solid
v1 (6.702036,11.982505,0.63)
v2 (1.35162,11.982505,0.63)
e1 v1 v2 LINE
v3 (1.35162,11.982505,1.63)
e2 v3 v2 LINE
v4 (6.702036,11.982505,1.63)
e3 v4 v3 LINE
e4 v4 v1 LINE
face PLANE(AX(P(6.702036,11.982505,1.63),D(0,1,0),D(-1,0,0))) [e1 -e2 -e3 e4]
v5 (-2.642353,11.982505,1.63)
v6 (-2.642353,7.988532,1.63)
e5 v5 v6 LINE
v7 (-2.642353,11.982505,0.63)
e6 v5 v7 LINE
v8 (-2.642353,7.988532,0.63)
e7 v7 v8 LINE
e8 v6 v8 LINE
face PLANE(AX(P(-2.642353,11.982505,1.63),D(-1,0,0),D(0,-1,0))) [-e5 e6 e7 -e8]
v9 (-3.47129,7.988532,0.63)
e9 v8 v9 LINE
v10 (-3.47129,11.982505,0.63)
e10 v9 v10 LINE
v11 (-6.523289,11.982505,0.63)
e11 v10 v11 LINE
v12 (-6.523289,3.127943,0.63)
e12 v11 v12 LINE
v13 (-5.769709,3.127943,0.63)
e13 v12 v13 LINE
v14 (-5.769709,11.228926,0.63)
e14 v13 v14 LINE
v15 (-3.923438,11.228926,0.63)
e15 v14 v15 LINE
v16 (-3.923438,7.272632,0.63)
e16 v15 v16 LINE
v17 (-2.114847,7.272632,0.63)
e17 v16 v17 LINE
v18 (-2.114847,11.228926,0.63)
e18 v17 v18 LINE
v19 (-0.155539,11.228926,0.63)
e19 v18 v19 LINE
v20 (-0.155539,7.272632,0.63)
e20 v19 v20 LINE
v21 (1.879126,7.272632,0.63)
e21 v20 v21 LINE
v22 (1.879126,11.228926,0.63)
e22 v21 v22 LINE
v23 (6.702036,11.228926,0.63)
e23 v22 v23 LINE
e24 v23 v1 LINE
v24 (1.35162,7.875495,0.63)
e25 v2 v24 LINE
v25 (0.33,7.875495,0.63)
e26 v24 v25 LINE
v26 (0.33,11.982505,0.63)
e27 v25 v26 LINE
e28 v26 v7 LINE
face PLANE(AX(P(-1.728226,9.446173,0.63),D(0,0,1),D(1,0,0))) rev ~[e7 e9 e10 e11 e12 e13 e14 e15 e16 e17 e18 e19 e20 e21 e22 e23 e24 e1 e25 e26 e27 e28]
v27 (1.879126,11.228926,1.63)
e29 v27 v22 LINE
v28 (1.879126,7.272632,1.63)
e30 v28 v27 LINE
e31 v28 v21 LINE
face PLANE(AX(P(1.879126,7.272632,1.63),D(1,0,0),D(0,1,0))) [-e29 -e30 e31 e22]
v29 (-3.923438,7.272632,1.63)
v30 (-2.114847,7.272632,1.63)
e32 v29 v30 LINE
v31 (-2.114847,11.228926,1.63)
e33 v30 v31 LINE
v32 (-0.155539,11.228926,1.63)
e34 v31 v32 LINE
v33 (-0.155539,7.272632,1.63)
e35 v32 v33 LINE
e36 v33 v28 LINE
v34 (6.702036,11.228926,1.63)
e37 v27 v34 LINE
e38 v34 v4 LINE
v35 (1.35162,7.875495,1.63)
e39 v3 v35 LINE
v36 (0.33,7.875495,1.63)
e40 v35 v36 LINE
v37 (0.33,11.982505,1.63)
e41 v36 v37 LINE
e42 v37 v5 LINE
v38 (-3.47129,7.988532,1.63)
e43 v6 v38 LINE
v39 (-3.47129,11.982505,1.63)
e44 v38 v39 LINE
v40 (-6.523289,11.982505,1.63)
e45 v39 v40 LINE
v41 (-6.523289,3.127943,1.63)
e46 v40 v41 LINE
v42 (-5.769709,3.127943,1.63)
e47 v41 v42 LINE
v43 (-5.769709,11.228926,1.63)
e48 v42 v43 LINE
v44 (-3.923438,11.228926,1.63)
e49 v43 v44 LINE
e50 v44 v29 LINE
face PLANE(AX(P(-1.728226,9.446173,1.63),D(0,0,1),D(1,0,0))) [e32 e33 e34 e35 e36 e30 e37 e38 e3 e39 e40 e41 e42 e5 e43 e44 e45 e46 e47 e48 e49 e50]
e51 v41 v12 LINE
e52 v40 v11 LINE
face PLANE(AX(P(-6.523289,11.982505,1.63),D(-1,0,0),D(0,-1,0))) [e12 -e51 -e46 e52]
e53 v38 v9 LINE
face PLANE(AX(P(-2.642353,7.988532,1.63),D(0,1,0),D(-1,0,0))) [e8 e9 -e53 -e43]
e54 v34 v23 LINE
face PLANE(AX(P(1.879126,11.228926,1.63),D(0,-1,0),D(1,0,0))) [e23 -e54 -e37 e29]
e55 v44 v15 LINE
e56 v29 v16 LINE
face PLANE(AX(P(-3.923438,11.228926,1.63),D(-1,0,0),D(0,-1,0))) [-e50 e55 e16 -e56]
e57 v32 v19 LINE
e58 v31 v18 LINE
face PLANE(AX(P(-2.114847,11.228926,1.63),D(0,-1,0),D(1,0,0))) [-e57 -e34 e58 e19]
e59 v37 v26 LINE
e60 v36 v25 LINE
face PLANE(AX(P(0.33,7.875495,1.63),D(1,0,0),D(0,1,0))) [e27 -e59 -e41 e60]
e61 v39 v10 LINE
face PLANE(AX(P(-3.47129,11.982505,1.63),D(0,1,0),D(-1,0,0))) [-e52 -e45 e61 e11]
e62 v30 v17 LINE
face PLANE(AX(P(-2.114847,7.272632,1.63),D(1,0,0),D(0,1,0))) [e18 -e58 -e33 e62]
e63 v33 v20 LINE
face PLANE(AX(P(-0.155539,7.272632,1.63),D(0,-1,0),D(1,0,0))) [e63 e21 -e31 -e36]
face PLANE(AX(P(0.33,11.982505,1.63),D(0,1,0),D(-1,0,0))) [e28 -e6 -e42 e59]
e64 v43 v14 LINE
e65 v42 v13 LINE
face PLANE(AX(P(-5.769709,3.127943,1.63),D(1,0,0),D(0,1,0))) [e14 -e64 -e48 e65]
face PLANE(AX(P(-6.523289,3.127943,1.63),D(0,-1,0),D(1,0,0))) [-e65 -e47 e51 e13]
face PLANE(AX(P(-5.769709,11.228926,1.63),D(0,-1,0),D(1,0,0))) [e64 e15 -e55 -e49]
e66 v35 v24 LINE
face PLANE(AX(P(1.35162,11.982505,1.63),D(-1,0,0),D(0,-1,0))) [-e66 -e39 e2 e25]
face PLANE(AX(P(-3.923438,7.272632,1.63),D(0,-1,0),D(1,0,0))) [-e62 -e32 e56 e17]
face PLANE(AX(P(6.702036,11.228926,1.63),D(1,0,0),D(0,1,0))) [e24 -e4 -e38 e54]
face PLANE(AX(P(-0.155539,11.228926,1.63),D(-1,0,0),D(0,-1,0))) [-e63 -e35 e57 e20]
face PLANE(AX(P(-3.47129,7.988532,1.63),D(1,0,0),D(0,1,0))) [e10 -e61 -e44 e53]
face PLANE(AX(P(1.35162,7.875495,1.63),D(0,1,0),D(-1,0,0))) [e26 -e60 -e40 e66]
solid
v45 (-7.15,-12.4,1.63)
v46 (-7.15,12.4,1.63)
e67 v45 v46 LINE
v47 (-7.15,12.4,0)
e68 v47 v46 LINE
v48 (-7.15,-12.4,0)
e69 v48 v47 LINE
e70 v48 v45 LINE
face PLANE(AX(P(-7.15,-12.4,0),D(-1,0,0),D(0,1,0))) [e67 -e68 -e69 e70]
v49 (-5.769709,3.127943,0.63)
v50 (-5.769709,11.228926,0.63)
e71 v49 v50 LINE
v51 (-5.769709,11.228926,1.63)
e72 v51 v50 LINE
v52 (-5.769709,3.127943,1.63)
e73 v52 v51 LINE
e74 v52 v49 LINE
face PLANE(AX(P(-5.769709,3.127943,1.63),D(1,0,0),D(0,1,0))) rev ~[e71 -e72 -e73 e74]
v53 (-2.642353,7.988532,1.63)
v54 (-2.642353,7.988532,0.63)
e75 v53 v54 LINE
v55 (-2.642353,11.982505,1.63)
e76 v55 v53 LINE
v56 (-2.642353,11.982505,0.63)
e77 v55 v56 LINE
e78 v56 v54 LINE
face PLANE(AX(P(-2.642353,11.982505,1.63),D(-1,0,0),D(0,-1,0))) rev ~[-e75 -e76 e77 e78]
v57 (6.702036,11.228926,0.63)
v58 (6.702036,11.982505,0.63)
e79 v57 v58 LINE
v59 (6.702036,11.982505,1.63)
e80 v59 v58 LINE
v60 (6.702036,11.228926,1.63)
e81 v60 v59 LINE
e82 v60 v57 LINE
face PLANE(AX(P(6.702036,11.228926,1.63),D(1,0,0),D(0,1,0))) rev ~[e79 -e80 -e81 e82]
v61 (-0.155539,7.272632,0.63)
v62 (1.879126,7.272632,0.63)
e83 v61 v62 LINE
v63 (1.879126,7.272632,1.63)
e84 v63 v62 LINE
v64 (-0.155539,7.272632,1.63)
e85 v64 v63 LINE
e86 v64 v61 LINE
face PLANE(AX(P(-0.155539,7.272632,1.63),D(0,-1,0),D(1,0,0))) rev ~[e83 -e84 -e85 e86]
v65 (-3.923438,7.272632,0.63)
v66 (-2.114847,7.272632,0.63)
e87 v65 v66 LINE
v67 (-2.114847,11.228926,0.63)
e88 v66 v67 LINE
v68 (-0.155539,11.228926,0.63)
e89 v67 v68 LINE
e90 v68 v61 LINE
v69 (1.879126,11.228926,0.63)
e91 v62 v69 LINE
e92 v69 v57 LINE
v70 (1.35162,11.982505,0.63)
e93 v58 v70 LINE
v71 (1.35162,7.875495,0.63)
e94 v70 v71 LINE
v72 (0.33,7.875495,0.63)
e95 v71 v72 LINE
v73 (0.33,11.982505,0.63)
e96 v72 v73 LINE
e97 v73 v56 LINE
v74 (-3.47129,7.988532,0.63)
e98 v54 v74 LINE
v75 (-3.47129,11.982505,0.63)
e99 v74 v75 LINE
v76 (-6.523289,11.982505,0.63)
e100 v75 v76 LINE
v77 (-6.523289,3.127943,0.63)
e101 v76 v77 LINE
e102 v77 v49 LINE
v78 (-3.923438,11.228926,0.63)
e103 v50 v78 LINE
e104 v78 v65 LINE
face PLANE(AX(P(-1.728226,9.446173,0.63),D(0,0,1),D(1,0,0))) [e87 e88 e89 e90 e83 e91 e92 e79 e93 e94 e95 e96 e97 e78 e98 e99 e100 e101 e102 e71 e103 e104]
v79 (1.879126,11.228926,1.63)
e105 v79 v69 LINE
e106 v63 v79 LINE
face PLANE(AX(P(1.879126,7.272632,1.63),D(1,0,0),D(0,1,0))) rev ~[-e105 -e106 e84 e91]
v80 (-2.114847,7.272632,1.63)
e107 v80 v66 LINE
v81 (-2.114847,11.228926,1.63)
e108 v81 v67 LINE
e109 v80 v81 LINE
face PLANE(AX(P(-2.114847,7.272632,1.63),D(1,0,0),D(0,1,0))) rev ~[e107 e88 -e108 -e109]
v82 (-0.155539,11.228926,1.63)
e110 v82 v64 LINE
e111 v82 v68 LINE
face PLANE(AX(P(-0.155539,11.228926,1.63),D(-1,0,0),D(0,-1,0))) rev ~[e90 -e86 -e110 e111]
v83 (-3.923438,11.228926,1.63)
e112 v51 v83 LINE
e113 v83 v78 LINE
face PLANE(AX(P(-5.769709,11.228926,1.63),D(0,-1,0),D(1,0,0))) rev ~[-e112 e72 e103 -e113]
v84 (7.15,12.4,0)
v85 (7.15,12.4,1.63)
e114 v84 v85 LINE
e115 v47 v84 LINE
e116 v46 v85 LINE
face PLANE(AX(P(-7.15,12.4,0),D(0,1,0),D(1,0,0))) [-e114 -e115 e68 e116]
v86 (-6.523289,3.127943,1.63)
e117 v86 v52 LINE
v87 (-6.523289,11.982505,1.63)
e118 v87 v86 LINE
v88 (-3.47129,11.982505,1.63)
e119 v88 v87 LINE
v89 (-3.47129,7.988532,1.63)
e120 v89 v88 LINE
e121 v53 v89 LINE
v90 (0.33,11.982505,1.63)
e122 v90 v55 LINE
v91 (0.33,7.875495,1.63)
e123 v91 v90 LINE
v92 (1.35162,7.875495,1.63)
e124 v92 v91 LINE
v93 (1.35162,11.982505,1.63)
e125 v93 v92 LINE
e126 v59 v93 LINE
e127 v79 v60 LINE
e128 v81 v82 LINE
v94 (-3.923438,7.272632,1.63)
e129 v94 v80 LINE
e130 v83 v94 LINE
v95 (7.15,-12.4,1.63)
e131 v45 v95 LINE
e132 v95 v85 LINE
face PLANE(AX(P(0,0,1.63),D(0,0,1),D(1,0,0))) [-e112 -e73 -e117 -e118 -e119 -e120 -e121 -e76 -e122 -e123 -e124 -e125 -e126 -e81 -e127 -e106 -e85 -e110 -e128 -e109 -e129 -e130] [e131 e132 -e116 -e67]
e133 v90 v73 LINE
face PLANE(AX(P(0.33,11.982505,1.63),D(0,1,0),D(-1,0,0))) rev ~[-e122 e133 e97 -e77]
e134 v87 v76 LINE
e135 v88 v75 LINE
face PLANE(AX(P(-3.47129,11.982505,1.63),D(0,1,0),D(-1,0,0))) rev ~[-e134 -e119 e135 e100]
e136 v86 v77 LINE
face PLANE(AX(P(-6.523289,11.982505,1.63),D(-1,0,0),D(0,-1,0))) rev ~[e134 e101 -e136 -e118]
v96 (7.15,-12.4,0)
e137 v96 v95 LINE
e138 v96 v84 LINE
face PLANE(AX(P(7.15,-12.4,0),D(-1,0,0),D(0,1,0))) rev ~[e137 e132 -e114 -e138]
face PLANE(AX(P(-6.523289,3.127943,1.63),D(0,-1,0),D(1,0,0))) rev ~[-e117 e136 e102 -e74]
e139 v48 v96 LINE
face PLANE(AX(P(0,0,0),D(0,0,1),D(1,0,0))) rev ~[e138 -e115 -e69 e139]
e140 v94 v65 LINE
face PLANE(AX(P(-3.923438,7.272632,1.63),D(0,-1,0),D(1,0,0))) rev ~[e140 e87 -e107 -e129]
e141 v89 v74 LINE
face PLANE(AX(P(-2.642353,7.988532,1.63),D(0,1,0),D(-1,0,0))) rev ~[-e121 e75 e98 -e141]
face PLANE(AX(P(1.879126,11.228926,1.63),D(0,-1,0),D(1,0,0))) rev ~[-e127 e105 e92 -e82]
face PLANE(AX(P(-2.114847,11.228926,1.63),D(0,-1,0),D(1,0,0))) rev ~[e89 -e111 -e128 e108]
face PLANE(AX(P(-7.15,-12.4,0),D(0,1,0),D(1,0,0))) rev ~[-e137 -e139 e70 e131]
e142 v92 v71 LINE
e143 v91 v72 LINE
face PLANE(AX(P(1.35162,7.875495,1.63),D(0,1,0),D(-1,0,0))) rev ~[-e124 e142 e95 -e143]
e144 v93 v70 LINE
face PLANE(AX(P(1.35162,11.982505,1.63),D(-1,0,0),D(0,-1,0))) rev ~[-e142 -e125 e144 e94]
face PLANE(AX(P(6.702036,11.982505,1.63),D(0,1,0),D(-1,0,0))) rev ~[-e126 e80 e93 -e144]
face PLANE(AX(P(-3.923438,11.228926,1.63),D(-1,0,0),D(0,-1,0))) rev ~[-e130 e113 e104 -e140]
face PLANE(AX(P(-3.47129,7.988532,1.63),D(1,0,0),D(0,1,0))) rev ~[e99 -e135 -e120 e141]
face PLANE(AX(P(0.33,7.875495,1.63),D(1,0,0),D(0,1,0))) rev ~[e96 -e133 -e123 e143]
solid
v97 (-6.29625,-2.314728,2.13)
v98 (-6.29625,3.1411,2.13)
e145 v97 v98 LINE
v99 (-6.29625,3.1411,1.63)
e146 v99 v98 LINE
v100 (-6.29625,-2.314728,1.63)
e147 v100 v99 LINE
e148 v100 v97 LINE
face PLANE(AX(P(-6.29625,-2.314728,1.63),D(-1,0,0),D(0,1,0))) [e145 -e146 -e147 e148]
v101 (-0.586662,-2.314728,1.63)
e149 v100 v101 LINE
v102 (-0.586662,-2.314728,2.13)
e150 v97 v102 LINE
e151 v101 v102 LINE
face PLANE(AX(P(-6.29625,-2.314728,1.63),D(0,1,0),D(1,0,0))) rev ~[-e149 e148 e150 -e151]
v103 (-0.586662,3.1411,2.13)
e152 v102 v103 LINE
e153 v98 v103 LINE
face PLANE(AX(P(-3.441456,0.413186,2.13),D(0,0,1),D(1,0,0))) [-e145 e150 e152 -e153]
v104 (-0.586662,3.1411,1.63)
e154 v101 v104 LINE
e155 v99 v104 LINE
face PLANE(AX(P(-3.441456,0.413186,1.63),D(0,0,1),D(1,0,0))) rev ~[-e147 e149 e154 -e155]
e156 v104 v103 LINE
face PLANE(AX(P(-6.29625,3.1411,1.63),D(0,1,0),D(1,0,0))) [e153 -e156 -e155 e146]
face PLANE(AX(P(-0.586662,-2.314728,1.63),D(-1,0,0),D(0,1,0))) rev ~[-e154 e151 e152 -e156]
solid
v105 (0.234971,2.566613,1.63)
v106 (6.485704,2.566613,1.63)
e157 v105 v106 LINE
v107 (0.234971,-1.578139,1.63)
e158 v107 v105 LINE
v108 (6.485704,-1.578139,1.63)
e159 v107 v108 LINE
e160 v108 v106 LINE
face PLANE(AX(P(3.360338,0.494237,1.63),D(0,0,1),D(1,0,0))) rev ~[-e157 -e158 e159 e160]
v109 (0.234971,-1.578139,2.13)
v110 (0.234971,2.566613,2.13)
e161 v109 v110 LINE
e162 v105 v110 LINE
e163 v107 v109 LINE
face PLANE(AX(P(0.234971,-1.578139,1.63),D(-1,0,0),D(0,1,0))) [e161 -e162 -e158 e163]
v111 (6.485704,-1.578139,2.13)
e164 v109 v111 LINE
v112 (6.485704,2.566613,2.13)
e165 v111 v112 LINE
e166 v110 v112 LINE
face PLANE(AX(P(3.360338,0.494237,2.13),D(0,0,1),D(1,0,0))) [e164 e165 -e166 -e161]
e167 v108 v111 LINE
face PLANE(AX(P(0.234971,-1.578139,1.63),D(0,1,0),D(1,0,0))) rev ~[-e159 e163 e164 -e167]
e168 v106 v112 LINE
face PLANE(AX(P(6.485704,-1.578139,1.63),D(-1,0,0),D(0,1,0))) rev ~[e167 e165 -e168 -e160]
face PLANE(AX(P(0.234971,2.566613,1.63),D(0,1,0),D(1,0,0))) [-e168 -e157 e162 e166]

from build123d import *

# Parameters (mm, degrees)
F0_W     = 14.3
F0_H     = 24.8
F1_DEPTH = 1.63
F3_DEPTH = 1
F4_DEPTH = 1
F5_W     = 5.709587
F5_H     = 5.455827
F5_W_2   = 6.250733
F5_H_2   = 4.144751
F6_DEPTH = 0.5


with BuildPart() as f1:
    # F0 (on Top) → F1 (new body)
    with BuildSketch(Plane.XY):
        Rectangle(F0_W, F0_H)
    extrude(amount=F1_DEPTH)

    # F2 (on face) → F3 (cut)
    with BuildSketch(Plane.XY.offset(1.63)):
        Polygon((1.879126, 11.228926), (6.702036, 11.228926), (6.702036, 11.982505), (1.35162, 11.982505), (1.35162, 7.875495), (0.33, 7.875495), (0.33, 11.982505), (-2.642353, 11.982505), (-2.642353, 7.988532), (-3.47129, 7.988532), (-3.47129, 11.982505), (-6.523289, 11.982505), (-6.523289, 3.127943), (-5.769709, 3.127943), (-5.769709, 11.228926), (-3.923438, 11.228926), (-3.923438, 7.272632), (-2.114847, 7.272632), (-2.114847, 11.228926), (-0.155539, 11.228926), (-0.155539, 7.272632), (1.879126, 7.272632), align=None)
    extrude(amount=-F3_DEPTH, mode=Mode.SUBTRACT)


with BuildPart() as f4:
    # F2 (on face) → F4 (new body)
    with BuildSketch(Plane.XY.offset(1.63)):
        Polygon((1.879126, 11.228926), (6.702036, 11.228926), (6.702036, 11.982505), (1.35162, 11.982505), (1.35162, 7.875495), (0.33, 7.875495), (0.33, 11.982505), (-2.642353, 11.982505), (-2.642353, 7.988532), (-3.47129, 7.988532), (-3.47129, 11.982505), (-6.523289, 11.982505), (-6.523289, 3.127943), (-5.769709, 3.127943), (-5.769709, 11.228926), (-3.923438, 11.228926), (-3.923438, 7.272632), (-2.114847, 7.272632), (-2.114847, 11.228926), (-0.155539, 11.228926), (-0.155539, 7.272632), (1.879126, 7.272632), align=None)
    extrude(amount=-F4_DEPTH)


with BuildPart() as f6:
    # F5 (on face) → F6 (new body)
    with BuildSketch(Plane.XY.offset(1.63)):
        with Locations((-3.441456, 0.413186)):
            Rectangle(F5_W, F5_H)
        with Locations((3.360338, 0.494237)):
            Rectangle(F5_W_2, F5_H_2)
    extrude(amount=F6_DEPTH)


solid = Compound([f1.part, f4.part, f6.part])
